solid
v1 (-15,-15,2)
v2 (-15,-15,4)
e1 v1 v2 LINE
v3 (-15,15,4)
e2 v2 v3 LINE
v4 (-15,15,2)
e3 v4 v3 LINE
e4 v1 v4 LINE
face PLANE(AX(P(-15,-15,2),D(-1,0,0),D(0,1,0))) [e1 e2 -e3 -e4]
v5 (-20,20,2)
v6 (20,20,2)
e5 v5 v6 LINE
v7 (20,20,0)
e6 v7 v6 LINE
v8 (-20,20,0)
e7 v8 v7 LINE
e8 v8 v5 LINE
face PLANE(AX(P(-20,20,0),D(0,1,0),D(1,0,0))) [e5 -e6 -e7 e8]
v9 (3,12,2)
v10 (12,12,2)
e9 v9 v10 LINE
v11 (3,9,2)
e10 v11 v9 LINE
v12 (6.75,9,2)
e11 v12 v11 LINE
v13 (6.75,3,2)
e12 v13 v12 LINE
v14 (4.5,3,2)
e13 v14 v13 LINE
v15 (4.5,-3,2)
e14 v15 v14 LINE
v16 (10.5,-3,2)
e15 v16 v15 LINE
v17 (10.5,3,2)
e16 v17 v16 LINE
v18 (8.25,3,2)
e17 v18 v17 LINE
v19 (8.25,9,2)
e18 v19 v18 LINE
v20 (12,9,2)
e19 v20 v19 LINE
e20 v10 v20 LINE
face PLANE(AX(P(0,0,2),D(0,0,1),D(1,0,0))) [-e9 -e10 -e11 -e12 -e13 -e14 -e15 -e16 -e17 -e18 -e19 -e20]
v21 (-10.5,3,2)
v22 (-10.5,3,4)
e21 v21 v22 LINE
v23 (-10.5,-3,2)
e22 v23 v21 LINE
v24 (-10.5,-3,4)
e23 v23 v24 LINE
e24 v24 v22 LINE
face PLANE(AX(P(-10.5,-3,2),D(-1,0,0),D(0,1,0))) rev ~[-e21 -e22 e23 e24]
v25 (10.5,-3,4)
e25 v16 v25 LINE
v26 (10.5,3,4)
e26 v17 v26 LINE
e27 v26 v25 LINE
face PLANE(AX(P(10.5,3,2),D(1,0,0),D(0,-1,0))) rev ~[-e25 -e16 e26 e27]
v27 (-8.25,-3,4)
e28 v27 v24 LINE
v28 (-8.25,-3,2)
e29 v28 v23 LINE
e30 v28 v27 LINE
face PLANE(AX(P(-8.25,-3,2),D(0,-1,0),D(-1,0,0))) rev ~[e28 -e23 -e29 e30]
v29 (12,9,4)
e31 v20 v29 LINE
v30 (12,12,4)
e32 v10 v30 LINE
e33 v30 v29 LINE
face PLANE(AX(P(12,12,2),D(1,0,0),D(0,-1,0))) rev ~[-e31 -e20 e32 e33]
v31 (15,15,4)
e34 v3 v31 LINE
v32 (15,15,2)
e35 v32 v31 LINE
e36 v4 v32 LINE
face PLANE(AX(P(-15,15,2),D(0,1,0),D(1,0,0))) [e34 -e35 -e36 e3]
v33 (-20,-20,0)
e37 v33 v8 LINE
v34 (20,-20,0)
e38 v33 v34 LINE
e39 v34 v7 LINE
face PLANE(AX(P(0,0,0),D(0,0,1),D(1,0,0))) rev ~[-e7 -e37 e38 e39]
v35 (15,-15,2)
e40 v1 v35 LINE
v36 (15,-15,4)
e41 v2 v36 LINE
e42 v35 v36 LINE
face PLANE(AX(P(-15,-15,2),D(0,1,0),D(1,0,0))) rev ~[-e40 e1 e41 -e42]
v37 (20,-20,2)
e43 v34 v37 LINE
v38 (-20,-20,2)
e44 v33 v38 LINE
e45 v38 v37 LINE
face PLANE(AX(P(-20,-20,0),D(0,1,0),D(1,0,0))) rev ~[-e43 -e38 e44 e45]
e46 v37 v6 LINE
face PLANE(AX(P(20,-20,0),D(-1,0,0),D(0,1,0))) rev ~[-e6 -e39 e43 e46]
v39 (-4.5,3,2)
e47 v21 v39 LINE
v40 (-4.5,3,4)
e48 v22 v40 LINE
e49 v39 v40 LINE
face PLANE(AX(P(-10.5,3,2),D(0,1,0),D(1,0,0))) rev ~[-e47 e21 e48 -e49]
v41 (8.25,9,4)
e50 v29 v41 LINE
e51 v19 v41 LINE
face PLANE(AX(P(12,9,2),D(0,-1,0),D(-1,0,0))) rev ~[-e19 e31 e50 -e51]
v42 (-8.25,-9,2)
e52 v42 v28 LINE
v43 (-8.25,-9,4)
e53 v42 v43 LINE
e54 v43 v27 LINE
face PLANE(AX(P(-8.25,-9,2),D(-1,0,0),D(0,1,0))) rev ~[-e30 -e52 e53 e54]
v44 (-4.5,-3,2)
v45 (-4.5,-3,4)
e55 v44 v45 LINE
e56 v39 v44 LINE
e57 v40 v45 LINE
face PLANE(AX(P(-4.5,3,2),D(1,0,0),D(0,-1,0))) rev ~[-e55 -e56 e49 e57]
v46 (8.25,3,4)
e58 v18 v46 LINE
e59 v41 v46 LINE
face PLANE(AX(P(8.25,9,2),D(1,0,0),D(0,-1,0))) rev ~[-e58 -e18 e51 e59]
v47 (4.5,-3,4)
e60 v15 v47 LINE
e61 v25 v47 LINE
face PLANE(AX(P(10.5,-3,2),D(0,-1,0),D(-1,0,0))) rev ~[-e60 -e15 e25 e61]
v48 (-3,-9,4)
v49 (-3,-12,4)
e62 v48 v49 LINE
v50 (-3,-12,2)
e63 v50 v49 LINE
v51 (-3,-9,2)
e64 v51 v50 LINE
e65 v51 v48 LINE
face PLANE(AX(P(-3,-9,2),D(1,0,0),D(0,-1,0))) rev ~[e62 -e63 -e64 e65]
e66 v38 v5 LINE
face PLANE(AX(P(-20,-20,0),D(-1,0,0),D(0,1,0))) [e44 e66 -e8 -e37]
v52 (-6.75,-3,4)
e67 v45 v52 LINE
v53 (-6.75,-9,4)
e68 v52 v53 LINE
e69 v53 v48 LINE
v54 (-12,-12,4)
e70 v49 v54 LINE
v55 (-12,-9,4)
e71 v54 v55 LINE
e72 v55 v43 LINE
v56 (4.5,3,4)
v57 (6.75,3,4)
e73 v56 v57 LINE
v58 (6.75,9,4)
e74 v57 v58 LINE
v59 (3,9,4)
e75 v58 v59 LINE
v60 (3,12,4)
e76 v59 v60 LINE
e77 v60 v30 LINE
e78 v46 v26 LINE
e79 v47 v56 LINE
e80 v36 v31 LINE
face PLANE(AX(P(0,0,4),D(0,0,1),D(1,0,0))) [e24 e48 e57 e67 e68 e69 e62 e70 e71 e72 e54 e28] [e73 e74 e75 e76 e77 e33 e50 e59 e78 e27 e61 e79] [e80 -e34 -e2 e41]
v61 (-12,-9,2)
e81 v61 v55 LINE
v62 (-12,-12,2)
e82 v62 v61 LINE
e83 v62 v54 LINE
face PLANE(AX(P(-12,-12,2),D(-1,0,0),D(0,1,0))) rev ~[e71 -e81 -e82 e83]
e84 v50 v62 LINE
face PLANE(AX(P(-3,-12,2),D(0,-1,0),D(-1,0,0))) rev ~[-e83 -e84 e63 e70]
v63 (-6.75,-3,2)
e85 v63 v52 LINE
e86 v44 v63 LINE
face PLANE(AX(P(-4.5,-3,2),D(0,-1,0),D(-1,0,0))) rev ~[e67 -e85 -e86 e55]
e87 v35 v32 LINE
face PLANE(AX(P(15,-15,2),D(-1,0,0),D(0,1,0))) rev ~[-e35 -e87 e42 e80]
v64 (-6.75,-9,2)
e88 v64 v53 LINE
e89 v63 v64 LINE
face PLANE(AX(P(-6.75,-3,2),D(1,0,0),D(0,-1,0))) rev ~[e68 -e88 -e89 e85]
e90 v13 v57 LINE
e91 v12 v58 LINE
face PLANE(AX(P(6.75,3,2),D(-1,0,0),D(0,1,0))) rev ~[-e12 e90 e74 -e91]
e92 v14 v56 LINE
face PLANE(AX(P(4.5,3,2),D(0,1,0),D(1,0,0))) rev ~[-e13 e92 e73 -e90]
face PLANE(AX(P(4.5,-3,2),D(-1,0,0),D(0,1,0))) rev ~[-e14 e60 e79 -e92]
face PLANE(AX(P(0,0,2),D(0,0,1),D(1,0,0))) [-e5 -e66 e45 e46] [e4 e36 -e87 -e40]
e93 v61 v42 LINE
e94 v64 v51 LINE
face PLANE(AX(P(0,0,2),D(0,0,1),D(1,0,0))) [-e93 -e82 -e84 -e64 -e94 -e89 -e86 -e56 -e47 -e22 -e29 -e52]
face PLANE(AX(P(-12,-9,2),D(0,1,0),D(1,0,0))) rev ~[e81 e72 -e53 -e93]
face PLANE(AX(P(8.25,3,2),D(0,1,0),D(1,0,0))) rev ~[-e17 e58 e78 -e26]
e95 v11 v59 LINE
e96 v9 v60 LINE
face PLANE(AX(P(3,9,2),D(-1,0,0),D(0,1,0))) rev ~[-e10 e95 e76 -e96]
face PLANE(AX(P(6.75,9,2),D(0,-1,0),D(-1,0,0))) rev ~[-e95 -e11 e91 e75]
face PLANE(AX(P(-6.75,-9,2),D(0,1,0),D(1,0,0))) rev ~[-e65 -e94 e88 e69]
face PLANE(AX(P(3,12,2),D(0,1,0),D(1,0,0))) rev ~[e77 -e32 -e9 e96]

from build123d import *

# Parameters (mm, degrees)
F0_W     = 40
F0_H     = 40
F1_DEPTH = 2
F2_W     = 30
F2_H     = 30
F3_DEPTH = 2


with BuildPart() as f1:
    # F0 (on Top) → F1 (new body)
    with BuildSketch(Plane.XY):
        Rectangle(F0_W, F0_H)
    extrude(amount=F1_DEPTH)

    # F2 (on face) → F3 (join)
    with BuildSketch(Plane.XY.offset(2)):
        Rectangle(F2_W, F2_H)
        Polygon((-8.25, -9), (-8.25, -3), (-10.5, -3), (-10.5, 3), (-4.5, 3), (-4.5, -3), (-6.75, -3), (-6.75, -9), (-3, -9), (-3, -12), (-12, -12), (-12, -9), align=None, mode=Mode.SUBTRACT)
        Polygon((10.5, -3), (8.25, -3), (6.75, -3), (4.5, -3), (4.5, 3), (6.75, 3), (6.75, 9), (3, 9), (3, 12), (12, 12), (12, 9), (8.25, 9), (8.25, 3), (10.5, 3), align=None, mode=Mode.SUBTRACT)
    extrude(amount=F3_DEPTH)


solid = f1.part
